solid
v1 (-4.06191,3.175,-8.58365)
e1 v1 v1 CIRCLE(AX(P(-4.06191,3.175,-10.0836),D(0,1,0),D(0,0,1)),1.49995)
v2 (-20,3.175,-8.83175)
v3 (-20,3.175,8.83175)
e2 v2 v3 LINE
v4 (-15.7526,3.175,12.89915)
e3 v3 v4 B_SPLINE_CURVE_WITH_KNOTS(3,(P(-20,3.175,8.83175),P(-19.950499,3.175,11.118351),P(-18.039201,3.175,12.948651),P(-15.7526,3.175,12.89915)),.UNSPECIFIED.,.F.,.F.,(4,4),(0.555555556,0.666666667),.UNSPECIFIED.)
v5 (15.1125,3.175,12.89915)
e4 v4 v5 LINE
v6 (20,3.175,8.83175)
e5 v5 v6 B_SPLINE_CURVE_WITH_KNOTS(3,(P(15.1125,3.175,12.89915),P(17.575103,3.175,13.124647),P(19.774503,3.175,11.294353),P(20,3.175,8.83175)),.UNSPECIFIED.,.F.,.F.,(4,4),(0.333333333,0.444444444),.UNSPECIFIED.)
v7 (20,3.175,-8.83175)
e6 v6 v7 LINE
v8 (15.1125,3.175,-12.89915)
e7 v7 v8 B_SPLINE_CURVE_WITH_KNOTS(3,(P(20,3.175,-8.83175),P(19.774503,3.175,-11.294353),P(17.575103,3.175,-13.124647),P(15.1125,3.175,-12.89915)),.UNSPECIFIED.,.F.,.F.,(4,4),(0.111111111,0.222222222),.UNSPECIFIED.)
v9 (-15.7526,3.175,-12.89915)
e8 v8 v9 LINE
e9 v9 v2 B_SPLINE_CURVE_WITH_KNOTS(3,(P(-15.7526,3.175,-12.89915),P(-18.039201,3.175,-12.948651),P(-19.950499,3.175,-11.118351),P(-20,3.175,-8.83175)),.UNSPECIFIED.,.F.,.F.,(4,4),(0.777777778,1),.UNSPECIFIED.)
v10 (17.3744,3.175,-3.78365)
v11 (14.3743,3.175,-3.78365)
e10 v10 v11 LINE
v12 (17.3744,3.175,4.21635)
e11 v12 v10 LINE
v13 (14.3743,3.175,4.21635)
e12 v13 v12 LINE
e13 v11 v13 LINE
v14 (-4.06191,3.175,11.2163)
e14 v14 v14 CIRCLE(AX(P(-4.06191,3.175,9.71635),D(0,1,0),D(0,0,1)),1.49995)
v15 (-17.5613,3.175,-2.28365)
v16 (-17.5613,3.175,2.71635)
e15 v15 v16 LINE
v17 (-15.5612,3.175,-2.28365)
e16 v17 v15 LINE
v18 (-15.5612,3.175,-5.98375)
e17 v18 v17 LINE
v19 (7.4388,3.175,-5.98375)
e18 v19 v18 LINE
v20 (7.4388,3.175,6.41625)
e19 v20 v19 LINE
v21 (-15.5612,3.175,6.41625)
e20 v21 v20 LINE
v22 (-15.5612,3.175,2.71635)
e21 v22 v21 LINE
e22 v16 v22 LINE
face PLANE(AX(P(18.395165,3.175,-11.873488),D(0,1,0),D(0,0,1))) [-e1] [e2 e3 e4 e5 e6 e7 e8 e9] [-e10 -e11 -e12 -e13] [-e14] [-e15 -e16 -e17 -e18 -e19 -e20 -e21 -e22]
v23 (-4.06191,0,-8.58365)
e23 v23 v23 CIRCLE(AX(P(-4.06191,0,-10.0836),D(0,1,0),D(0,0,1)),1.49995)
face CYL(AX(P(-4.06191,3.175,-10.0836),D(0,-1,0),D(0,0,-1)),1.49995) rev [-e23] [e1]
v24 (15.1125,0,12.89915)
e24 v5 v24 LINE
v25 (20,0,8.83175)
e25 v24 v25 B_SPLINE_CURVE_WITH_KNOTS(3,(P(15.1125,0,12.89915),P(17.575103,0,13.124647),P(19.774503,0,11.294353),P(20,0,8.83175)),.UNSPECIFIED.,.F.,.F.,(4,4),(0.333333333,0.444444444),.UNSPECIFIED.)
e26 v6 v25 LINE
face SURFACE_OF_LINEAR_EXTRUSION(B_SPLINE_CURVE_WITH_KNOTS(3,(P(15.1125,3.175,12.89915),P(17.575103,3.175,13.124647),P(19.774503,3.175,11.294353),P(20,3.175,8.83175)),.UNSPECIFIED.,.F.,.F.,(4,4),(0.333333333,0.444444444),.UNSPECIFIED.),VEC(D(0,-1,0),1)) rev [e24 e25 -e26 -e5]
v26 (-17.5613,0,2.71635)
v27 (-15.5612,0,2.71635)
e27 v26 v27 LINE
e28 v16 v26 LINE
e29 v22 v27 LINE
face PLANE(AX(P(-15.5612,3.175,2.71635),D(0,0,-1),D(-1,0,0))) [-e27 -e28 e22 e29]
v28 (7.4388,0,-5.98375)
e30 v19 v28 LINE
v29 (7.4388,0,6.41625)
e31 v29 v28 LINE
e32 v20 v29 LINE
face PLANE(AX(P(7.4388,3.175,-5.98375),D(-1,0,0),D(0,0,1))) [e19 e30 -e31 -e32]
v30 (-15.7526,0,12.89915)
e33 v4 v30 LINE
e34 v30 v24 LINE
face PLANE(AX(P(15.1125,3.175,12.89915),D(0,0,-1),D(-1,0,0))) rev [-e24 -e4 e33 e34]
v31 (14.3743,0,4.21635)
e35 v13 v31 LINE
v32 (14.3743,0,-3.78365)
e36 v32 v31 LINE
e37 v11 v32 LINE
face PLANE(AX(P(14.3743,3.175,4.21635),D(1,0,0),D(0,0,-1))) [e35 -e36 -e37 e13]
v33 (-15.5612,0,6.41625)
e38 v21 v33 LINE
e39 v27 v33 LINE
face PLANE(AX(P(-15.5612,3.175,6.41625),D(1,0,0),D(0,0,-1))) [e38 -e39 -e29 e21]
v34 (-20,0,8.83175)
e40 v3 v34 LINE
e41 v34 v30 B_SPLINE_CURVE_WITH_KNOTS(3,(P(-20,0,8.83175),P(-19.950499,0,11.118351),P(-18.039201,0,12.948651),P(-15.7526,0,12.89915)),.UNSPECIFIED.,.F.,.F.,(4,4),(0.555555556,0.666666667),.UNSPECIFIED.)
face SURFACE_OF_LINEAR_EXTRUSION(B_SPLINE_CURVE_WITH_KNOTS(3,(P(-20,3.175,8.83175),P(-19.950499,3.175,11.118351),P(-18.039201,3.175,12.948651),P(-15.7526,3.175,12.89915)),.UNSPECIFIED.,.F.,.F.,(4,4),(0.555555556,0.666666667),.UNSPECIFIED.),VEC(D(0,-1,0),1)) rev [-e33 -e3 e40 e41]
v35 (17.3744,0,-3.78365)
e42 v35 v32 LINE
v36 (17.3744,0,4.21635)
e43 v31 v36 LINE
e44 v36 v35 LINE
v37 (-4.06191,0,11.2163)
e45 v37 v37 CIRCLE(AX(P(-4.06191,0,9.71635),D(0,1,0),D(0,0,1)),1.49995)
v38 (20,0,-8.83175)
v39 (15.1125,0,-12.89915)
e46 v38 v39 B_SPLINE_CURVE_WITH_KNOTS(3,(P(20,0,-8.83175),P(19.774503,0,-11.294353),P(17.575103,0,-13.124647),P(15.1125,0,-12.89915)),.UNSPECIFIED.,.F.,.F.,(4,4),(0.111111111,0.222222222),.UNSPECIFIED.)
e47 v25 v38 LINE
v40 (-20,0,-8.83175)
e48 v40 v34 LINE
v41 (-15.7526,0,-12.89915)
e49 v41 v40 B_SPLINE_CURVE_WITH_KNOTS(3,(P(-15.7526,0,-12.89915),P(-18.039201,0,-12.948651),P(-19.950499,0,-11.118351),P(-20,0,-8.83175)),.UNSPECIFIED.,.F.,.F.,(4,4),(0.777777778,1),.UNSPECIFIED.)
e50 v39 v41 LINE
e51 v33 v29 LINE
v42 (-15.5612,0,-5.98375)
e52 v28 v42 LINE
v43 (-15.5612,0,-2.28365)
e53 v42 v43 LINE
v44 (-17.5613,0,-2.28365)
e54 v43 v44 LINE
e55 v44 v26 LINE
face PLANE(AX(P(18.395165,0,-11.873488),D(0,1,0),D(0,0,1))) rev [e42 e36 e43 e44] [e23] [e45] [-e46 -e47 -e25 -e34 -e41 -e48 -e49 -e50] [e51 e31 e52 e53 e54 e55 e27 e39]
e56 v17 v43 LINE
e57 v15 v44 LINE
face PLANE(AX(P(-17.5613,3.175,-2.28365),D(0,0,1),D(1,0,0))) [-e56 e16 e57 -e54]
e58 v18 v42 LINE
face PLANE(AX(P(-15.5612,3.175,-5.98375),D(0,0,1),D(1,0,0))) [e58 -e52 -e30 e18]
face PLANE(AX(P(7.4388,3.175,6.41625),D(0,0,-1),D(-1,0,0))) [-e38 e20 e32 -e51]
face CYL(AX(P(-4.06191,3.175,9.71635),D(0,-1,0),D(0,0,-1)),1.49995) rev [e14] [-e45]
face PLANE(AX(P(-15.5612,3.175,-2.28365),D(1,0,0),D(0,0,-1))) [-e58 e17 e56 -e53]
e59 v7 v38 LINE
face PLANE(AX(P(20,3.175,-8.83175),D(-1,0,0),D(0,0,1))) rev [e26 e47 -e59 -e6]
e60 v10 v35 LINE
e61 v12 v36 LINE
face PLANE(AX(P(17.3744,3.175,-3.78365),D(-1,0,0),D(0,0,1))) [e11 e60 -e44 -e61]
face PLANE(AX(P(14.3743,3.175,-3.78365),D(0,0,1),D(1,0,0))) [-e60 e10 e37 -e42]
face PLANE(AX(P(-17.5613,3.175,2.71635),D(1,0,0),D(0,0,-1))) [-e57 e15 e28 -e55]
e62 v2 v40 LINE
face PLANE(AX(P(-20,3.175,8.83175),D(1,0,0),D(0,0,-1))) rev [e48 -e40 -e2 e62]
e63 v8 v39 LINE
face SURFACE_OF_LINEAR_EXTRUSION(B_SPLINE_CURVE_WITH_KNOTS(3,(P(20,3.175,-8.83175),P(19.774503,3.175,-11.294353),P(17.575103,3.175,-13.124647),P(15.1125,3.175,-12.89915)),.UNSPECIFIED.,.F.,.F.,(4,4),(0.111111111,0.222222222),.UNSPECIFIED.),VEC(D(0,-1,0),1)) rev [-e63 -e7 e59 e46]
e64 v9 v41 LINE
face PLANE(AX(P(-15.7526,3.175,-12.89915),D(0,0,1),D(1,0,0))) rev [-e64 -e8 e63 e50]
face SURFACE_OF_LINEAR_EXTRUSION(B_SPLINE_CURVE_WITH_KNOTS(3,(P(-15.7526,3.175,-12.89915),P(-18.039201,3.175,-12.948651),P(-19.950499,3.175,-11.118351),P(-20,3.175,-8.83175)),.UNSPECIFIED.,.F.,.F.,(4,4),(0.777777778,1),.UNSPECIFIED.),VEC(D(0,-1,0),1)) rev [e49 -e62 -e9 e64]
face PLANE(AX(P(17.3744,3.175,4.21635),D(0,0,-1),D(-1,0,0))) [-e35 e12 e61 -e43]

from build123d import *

# Parameters (mm, degrees)
SKETCH1_R           = 1.499950003
SKETCH1_R_2         = 1.49995001
SKETCH1_W           = 3.0001
SKETCH1_H           = 8
BOSS_EXTRUDE1_DEPTH = 3.175


with BuildPart() as part:
    # Sketch1 → Boss-Extrude1 (new body)
    with BuildSketch(Plane(origin=(0, 0, 0), x_dir=(1, 0, 0), z_dir=(0, 1, 0))):
        with BuildLine():
            Line((-15.7526, 12.89915), (15.1125, 12.89915))
            add(Edge.make_bspline(
                [(15.1125, 12.89915), (17.575103024, 13.12464748), (19.77450252, 11.294353024), (20, 8.83175)],
                knots=[0.111111111, 0.111111111, 0.111111111, 0.111111111, 0.222222222, 0.222222222, 0.222222222, 0.222222222], degree=3))
            Line((20, 8.83175), (20, -8.83175))
            add(Edge.make_bspline(
                [(20, -8.83175), (19.77450252, -11.294353024), (17.575103024, -13.12464748), (15.1125, -12.89915)],
                knots=[0.333333333, 0.333333333, 0.333333333, 0.333333333, 0.444444444, 0.444444444, 0.444444444, 0.444444444], degree=3))
            Line((15.1125, -12.89915), (-15.7526, -12.89915))
            add(Edge.make_bspline(
                [(-15.7526, -12.89915), (-18.039200664, -12.948650664), (-19.950499336, -11.118350664), (-20, -8.83175)],
                knots=[0.555555556, 0.555555556, 0.555555556, 0.555555556, 0.666666667, 0.666666667, 0.666666667, 0.666666667], degree=3))
            Line((-20, -8.83175), (-20, 8.83175))
            add(Edge.make_bspline(
                [(-20, 8.83175), (-19.950499336, 11.118350664), (-18.039200664, 12.948650664), (-15.7526, 12.89915)],
                knots=[0.777777778, 0.777777778, 0.777777778, 0.777777778, 1, 1, 1, 1], degree=3))
        make_face()
        with Locations(Location((-4.06191002, 10.083599991, 0), (0, 0, 270))):
            Circle(SKETCH1_R, mode=Mode.SUBTRACT)
        with Locations(Location((-4.06191002, -9.71635, 0), (0, 0, 270))):
            Circle(SKETCH1_R_2, mode=Mode.SUBTRACT)
        Polygon((-15.5612, 5.98375), (7.4388, 5.98375), (7.4388, -6.41625), (-15.5612, -6.41625), (-15.5612, -2.71635), (-17.5613, -2.71635), (-17.5613, 2.28365), (-15.5612, 2.28365), align=None, mode=Mode.SUBTRACT)
        with Locations((15.87435, -0.21635)):
            Rectangle(SKETCH1_W, SKETCH1_H, mode=Mode.SUBTRACT)
    extrude(amount=BOSS_EXTRUDE1_DEPTH)


solid = part.part
